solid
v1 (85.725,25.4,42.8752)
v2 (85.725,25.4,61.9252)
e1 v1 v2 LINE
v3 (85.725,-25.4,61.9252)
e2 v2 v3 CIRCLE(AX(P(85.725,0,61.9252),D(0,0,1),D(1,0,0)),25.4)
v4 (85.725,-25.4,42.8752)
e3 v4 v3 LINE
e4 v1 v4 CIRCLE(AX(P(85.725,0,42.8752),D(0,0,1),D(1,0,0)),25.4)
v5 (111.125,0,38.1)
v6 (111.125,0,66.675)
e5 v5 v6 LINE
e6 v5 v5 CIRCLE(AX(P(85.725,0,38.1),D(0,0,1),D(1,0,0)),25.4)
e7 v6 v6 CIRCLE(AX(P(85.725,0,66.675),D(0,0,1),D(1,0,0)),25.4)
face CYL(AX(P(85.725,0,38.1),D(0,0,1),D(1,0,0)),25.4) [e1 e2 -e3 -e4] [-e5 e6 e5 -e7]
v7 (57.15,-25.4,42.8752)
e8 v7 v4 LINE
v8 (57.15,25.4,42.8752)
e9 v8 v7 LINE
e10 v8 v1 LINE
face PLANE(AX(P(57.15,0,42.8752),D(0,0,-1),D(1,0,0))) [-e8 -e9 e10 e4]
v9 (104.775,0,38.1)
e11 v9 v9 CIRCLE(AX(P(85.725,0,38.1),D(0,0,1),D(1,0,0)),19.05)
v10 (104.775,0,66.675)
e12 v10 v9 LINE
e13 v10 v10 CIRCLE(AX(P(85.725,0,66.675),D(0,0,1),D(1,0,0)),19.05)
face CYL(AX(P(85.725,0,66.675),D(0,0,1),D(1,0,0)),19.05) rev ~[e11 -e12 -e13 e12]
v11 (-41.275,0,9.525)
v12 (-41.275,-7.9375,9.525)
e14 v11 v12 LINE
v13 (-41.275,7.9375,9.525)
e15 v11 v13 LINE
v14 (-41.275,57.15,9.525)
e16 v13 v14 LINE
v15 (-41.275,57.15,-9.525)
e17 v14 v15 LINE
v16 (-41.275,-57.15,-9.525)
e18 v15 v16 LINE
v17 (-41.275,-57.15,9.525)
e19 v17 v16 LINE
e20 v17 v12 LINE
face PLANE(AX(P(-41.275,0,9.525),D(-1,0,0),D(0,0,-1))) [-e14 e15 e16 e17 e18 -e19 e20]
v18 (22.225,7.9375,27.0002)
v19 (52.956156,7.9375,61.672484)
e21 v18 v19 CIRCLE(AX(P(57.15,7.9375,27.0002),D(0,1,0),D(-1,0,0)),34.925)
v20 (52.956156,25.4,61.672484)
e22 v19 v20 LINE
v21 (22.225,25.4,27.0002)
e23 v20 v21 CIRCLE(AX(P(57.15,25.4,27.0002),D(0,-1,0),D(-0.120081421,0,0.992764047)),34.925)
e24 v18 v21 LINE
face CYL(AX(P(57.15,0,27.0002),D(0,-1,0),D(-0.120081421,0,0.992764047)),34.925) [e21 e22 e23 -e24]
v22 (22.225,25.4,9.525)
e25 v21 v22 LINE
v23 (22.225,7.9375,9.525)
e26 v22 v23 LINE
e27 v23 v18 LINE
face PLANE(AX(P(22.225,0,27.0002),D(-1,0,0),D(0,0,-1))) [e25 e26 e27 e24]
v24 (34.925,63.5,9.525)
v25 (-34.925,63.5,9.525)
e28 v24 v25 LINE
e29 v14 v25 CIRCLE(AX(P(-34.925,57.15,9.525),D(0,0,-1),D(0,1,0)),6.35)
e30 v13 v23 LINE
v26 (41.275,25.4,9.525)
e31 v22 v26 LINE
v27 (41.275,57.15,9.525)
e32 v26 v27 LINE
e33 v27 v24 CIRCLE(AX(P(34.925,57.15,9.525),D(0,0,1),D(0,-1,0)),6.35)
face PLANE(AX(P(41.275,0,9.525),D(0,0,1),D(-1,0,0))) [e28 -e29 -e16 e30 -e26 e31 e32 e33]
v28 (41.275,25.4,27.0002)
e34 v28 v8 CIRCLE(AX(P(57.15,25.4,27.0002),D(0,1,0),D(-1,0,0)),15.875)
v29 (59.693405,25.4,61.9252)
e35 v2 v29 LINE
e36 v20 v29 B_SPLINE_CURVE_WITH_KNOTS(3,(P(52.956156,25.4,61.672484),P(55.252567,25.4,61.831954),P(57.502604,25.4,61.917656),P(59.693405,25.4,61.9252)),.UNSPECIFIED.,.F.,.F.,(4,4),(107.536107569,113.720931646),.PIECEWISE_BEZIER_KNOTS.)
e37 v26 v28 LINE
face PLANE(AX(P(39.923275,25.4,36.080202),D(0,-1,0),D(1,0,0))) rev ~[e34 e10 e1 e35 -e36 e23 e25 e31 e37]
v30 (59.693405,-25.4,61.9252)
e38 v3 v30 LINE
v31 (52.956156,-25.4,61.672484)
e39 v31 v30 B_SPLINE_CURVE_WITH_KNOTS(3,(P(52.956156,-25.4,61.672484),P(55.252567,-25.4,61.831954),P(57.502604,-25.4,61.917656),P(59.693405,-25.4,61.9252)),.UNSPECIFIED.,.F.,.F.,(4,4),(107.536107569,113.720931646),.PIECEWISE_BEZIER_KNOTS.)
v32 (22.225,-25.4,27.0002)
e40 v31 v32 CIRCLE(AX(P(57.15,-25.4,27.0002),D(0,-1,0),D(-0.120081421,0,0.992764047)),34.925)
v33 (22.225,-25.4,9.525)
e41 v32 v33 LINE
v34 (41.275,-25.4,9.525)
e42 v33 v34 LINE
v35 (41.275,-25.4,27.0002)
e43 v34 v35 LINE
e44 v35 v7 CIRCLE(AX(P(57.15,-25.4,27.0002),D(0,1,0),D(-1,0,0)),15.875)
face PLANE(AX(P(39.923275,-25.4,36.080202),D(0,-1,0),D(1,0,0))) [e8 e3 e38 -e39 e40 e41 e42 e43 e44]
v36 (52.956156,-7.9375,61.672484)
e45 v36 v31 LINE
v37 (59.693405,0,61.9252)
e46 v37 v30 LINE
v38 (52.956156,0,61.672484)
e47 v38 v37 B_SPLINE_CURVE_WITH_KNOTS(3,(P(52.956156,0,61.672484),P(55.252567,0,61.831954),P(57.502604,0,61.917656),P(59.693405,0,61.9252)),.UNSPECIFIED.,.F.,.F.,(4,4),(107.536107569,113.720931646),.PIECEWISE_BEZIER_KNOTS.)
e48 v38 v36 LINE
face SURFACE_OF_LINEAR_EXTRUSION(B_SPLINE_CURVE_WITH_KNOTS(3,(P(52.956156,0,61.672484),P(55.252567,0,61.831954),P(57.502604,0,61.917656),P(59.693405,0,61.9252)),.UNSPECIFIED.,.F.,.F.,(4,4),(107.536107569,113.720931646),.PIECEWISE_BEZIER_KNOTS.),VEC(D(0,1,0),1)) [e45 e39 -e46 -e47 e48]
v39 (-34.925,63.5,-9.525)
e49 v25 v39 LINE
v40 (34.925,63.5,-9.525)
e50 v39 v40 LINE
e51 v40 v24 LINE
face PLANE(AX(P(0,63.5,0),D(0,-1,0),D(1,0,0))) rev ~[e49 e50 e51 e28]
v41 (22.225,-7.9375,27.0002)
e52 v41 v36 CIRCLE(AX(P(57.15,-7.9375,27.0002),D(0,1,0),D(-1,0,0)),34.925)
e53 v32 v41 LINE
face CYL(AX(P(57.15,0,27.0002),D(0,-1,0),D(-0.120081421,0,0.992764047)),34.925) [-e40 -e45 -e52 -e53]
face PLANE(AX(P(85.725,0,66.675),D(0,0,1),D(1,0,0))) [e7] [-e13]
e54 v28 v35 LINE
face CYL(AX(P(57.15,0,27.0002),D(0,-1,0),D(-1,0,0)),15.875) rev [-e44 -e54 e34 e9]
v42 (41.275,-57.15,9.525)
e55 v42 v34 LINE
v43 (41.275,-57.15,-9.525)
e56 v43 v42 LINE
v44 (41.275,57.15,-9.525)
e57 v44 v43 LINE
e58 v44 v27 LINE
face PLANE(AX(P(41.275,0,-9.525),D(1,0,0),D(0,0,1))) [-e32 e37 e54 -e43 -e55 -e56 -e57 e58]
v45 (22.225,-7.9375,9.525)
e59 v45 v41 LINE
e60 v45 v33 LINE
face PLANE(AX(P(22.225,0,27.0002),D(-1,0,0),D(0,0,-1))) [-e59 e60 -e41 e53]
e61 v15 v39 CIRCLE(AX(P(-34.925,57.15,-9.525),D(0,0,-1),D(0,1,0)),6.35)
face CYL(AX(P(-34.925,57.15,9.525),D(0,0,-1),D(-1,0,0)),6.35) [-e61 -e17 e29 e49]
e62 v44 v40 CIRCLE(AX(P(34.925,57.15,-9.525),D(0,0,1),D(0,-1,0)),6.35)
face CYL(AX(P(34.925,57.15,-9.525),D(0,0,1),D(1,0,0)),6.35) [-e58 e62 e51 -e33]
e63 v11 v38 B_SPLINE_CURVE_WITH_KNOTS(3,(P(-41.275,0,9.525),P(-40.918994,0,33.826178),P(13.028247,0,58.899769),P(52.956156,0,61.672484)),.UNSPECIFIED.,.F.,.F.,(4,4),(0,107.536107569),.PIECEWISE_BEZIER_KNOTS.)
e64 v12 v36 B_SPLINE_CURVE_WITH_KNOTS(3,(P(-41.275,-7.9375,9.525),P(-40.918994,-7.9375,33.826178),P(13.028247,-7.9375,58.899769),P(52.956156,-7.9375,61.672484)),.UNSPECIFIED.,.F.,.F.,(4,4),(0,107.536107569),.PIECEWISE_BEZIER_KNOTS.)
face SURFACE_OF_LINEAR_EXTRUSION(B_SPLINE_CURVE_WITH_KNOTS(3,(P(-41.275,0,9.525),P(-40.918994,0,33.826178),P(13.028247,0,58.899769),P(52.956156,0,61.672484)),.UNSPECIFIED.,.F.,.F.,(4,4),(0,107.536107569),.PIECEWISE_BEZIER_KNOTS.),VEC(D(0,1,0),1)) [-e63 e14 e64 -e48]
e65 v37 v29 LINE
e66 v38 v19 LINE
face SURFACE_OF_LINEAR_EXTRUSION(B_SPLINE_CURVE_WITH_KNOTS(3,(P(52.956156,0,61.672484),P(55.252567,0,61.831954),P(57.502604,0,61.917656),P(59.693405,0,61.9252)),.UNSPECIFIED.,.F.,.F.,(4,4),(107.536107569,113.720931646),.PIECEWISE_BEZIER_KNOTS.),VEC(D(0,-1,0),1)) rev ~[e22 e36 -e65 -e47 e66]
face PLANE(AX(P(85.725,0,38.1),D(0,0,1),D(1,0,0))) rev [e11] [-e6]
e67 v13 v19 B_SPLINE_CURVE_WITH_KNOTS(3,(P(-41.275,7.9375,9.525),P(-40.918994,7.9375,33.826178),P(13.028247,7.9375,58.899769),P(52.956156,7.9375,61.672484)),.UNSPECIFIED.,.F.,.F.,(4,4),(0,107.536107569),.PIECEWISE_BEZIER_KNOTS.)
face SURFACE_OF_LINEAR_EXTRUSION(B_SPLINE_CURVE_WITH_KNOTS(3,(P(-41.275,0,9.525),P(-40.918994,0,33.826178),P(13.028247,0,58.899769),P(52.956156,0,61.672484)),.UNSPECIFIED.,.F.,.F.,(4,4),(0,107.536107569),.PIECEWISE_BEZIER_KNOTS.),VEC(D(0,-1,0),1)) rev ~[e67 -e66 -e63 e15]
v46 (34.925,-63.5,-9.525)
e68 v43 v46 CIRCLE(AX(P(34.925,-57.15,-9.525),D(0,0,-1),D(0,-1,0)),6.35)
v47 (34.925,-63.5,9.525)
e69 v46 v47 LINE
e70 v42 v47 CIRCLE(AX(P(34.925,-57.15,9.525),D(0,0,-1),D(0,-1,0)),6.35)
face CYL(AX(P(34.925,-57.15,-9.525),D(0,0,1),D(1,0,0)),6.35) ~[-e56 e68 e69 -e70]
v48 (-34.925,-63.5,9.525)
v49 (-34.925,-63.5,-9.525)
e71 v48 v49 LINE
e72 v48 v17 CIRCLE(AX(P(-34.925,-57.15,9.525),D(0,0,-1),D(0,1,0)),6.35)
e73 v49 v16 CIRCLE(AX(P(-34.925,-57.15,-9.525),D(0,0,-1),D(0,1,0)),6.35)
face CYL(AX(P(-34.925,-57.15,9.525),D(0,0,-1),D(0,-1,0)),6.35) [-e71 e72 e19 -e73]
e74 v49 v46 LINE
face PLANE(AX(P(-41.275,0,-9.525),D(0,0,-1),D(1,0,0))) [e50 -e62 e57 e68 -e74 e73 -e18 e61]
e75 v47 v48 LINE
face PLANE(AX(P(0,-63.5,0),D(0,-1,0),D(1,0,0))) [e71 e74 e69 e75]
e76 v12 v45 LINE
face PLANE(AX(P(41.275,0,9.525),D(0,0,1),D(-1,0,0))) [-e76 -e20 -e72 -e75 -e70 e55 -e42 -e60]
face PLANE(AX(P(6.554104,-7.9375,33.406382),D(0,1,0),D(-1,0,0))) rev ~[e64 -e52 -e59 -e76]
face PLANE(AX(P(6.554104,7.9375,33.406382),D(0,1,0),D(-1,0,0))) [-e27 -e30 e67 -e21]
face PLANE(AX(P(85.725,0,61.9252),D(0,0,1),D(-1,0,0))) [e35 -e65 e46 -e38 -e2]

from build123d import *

# Parameters (mm, degrees)
F1_DEPTH = 63.5
F0_W     = 25.4
F0_H     = 19.05
F2_DEPTH = 25.4
F3_DEPTH = 7.9375
F5_R     = 6.35
F6_R     = 19.05
F7_DEPTH = 28.575


with BuildPart() as f1:
    # F0 (on Front) → F1 (new body, symmetric)
    with BuildSketch(Plane.XZ):
        Polygon((22.225, 9.525), (-41.275, 9.525), (-41.275, -9.525), (41.275, -9.525), (41.275, 9.525), align=None)
    extrude(amount=F1_DEPTH, both=True)

    # F0 (on Front) → F2 (join, symmetric)
    with BuildSketch(Plane.XZ):
        with BuildLine():
            Line((22.225, 27.0002), (22.225, 9.525))
            Line((22.225, 9.525), (41.275, 9.525))
            Line((41.275, 9.525), (41.275, 27.0002))
            ThreePointArc((41.275, 27.0002), (45.9246798487, 38.2255201513), (57.15, 42.8752))
            Line((57.15, 42.8752), (60.325, 42.8752))
            Line((60.325, 42.8752), (60.325, 61.9252))
            Line((60.325, 61.9252), (59.6934049136, 61.9252))
            add(Edge.make_bspline(
                [(52.9561563715, 61.6724843294), (55.2525673411, 61.8319540941), (57.5026044371, 61.9176558632), (59.6934049136, 61.9252)],
                knots=[107.5361075689, 107.5361075689, 107.5361075689, 107.5361075689, 113.7209316461, 113.7209316461, 113.7209316461, 113.7209316461], degree=3))
            ThreePointArc((52.9561563715, 61.6724843294), (31.013573181, 50.165752403), (22.225, 27.0002))
        make_face()
        with Locations((73.025, 52.4002)):
            Rectangle(F0_W, F0_H)
    extrude(amount=F2_DEPTH, both=True)

    # F0 (on Front) → F3 (join, symmetric)
    with BuildSketch(Plane.XZ):
        with BuildLine():
            add(Edge.make_bspline(
                [(-41.275, 9.525), (-40.9189941995, 33.8261781517), (13.0282467061, 58.8997687996), (52.9561563715, 61.6724843294)],
                knots=[0, 0, 0, 0, 107.5361075689, 107.5361075689, 107.5361075689, 107.5361075689], degree=3))
            Line((-41.275, 9.525), (22.225, 9.525))
            Line((22.225, 9.525), (22.225, 27.0002))
            ThreePointArc((22.225, 27.0002), (31.013573181, 50.165752403), (52.9561563715, 61.6724843294))
        make_face()
    extrude(amount=F3_DEPTH, both=True)

    # F0 (on Front) → F4 (revolve)
    with BuildSketch(Plane.XZ):
        Polygon((85.725, 66.675), (85.725, 61.9252), (85.725, 42.8752), (85.725, 38.1), (111.125, 38.1), (111.125, 66.675), align=None)
    revolve(axis=Axis((85.725, 0, 52.3875), (0, 0, 1)))

    # F5
    f5_edges = [f1.edges().sort_by_distance(p)[0] for p in [
        (41.275, -63.5, 0),
        (-41.275, -63.5, 0),
        (41.275, 63.5, 0),
        (-41.275, 63.5, 0),
    ]]
    fillet(f5_edges, radius=F5_R)

    # F6 (on face) → F7 (cut, through all)
    with BuildSketch(Plane.XY.offset(66.675)):
        with Locations((85.725, 0)):
            Circle(F6_R)
    extrude(amount=-F7_DEPTH, mode=Mode.SUBTRACT)


solid = f1.part
